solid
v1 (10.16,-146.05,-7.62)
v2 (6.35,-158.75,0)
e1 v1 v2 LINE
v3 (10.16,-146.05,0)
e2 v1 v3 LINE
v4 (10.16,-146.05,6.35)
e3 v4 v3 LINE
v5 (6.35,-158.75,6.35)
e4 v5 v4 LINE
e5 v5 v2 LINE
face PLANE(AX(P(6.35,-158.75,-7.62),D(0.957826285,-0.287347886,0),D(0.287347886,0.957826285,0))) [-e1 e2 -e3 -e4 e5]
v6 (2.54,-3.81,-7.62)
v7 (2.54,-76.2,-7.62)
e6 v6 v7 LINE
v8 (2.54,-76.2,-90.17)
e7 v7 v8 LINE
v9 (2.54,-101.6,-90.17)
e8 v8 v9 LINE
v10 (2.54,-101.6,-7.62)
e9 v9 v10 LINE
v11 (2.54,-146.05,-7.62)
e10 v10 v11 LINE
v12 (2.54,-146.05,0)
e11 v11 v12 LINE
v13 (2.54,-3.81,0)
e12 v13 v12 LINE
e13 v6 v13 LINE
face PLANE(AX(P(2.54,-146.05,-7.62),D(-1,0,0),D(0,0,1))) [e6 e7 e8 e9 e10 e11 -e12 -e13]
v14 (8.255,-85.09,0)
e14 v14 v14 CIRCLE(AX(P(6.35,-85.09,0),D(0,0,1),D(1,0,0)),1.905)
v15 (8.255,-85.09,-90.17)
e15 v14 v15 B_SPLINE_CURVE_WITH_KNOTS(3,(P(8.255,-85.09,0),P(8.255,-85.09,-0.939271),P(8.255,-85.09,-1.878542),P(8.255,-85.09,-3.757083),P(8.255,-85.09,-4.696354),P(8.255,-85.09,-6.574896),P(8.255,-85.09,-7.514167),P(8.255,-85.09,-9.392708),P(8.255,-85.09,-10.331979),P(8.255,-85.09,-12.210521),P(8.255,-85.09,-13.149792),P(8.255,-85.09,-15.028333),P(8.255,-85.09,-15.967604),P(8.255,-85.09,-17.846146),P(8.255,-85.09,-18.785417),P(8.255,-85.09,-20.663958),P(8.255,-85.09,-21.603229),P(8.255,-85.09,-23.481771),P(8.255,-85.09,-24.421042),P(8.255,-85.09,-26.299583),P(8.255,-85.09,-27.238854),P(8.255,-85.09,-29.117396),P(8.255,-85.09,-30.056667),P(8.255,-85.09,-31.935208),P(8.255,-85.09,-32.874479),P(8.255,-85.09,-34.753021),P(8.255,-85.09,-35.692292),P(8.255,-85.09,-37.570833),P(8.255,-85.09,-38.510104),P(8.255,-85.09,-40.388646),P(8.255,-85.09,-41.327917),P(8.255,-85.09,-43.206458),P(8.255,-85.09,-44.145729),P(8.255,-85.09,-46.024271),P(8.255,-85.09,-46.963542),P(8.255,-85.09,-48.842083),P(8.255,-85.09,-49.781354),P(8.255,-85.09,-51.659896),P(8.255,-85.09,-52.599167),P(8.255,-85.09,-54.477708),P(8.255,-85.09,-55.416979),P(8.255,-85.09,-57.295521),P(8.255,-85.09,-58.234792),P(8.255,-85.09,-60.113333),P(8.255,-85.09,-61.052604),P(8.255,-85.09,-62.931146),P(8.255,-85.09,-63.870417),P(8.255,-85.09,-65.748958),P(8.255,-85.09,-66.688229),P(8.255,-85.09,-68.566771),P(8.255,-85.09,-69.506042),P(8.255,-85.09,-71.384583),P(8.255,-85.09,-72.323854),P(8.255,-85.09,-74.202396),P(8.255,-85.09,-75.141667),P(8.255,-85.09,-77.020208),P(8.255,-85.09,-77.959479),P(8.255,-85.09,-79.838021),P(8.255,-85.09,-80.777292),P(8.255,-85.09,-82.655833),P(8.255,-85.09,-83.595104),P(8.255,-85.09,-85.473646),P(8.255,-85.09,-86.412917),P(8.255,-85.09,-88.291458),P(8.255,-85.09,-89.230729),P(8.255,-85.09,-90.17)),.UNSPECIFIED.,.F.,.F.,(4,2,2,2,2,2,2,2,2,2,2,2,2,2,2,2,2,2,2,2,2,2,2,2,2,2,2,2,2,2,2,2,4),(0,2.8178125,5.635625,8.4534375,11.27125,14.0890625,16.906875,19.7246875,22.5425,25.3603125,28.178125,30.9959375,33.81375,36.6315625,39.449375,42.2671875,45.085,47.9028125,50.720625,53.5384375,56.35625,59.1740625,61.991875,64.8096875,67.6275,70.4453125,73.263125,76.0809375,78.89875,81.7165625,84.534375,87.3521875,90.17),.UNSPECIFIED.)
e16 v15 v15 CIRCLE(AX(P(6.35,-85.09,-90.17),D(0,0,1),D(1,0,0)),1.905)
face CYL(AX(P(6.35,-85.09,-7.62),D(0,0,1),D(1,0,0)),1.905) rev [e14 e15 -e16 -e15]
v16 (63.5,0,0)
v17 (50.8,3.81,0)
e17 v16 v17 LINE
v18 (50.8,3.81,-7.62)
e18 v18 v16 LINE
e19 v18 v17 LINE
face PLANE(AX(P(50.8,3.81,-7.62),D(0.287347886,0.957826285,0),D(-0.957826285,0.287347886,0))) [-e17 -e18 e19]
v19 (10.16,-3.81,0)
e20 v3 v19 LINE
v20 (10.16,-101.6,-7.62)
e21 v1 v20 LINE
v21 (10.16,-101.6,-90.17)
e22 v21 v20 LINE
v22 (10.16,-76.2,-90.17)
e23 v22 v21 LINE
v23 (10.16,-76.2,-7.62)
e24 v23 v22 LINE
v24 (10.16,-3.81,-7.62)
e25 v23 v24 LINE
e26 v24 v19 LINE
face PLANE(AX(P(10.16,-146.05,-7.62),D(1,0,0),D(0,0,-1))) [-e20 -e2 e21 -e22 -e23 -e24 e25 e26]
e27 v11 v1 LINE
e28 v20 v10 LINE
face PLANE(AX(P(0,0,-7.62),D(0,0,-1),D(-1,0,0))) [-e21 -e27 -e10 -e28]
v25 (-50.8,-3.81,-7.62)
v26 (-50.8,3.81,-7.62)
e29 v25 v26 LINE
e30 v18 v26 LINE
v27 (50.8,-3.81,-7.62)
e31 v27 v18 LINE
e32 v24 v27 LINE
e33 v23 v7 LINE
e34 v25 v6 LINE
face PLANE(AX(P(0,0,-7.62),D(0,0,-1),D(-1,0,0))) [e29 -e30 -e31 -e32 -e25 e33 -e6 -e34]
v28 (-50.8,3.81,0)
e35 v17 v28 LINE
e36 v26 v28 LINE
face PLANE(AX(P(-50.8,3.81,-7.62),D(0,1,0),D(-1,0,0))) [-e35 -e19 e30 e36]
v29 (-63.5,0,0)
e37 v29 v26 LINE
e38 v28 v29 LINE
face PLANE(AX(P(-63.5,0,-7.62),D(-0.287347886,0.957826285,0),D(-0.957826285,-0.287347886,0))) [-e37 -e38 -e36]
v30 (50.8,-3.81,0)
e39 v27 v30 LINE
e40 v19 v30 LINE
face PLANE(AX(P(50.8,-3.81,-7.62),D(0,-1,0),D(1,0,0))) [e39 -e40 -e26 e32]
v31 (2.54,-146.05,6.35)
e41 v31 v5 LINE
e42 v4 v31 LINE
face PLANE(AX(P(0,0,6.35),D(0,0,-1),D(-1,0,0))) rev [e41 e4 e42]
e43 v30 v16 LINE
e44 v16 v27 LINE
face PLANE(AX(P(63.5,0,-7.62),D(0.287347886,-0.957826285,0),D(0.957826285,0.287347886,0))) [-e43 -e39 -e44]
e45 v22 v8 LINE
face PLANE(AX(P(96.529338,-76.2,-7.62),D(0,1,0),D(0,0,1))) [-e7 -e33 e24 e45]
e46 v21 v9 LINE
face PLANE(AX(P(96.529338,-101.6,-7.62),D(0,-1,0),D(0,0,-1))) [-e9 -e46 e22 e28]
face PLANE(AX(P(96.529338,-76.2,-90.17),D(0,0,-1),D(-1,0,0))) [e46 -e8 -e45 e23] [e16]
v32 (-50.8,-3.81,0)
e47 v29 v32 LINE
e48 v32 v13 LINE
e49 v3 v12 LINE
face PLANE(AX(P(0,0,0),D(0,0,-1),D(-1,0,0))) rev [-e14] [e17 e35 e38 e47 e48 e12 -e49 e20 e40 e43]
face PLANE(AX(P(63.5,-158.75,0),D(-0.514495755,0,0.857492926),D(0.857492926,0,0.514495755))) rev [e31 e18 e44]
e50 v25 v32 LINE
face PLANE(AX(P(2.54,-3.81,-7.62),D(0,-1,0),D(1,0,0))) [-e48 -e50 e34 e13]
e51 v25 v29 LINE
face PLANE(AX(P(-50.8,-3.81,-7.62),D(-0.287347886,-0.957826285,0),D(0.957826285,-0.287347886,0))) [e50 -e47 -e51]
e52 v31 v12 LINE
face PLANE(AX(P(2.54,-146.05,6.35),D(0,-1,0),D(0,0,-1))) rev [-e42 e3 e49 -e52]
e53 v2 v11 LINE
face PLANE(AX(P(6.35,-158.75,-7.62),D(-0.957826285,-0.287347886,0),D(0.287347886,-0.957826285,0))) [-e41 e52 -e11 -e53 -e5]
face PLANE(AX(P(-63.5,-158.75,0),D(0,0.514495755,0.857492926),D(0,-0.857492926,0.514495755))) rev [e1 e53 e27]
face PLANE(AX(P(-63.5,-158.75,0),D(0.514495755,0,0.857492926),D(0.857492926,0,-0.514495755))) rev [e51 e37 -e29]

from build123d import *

# Parameters (mm, degrees)
SKETCH1_R               = 1.905
BOSS_EXTRUDE1_DEPTH     = 7.62
CUT_EXTRUDE1_DEPTH      = 175.688488459
CUT_EXTRUDE2_DEPTH      = 176.172550646
BOSS_EXTRUDE3_DEPTH     = 6.35
SKETCH7_W               = 82.55
SKETCH7_H               = 25.4
BOSS_EXTRUDE4_DEPTH     = 7.62
CUT_EXTRUDE3_DEPTH      = 190.863938124
CUT_EXTRUDE3_DEPTH_BACK = 190.863938124
SKETCH8_R               = 1.905


with BuildPart() as part:
    # Sketch1 → Boss-Extrude1 (new body)
    with BuildSketch(Plane.XY):
        Polygon((-63.5, 0), (-50.8, 3.81), (50.8, 3.81), (63.5, 0), (50.8, -3.81), (10.16, -3.81), (10.16, -146.05), (6.35, -158.75), (2.54, -146.05), (2.54, -3.81), (-50.8, -3.81), align=None)
        with Locations((6.35, -85.09)):
            Circle(SKETCH1_R, mode=Mode.SUBTRACT)
    extrude(amount=-BOSS_EXTRUDE1_DEPTH)

    # Sketch3 → Cut-Extrude1 (cut, through all)
    with BuildSketch(Plane(origin=(0, 3.81, 0), x_dir=(1, 0, 0), z_dir=(0, 1, 0))):
        Polygon((-63.5, 0), (-50.8, 7.62), (-63.5, 7.62), align=None)
        Polygon((63.5, 7.62), (63.5, 0), (50.8, 7.62), align=None)
    extrude(amount=-CUT_EXTRUDE1_DEPTH, mode=Mode.SUBTRACT)

    # Sketch4 → Cut-Extrude2 (cut, through all)
    with BuildSketch(Plane(origin=(10.16, 0, 0), x_dir=(0, 0, -1), z_dir=(1, 0, 0))):
        Polygon((0, -158.75), (7.62, -146.05), (7.62, -158.75), align=None)
    extrude(amount=-CUT_EXTRUDE2_DEPTH, mode=Mode.SUBTRACT)

    # Sketch6 → Boss-Extrude3 (add)
    with BuildSketch(Plane.XY):
        Polygon((2.54, -146.05), (10.16, -146.05), (6.35, -158.75), align=None)
    extrude(amount=BOSS_EXTRUDE3_DEPTH)

    # Sketch7 → Boss-Extrude4 (add)
    with BuildSketch(Plane.ZY.offset(-2.54)):
        with Locations((-48.895, -88.9)):
            Rectangle(SKETCH7_W, SKETCH7_H)
    extrude(amount=-BOSS_EXTRUDE4_DEPTH)

    # Sketch8 → Cut-Extrude3 (cut, two sides: drawn at the far end of the back side and taken through both)
    with BuildSketch(Plane.XY.offset(-7.62).offset(-CUT_EXTRUDE3_DEPTH_BACK)):
        with Locations((6.35, -85.09)):
            Circle(SKETCH8_R)
    extrude(amount=CUT_EXTRUDE3_DEPTH + CUT_EXTRUDE3_DEPTH_BACK, mode=Mode.SUBTRACT)


solid = part.part
